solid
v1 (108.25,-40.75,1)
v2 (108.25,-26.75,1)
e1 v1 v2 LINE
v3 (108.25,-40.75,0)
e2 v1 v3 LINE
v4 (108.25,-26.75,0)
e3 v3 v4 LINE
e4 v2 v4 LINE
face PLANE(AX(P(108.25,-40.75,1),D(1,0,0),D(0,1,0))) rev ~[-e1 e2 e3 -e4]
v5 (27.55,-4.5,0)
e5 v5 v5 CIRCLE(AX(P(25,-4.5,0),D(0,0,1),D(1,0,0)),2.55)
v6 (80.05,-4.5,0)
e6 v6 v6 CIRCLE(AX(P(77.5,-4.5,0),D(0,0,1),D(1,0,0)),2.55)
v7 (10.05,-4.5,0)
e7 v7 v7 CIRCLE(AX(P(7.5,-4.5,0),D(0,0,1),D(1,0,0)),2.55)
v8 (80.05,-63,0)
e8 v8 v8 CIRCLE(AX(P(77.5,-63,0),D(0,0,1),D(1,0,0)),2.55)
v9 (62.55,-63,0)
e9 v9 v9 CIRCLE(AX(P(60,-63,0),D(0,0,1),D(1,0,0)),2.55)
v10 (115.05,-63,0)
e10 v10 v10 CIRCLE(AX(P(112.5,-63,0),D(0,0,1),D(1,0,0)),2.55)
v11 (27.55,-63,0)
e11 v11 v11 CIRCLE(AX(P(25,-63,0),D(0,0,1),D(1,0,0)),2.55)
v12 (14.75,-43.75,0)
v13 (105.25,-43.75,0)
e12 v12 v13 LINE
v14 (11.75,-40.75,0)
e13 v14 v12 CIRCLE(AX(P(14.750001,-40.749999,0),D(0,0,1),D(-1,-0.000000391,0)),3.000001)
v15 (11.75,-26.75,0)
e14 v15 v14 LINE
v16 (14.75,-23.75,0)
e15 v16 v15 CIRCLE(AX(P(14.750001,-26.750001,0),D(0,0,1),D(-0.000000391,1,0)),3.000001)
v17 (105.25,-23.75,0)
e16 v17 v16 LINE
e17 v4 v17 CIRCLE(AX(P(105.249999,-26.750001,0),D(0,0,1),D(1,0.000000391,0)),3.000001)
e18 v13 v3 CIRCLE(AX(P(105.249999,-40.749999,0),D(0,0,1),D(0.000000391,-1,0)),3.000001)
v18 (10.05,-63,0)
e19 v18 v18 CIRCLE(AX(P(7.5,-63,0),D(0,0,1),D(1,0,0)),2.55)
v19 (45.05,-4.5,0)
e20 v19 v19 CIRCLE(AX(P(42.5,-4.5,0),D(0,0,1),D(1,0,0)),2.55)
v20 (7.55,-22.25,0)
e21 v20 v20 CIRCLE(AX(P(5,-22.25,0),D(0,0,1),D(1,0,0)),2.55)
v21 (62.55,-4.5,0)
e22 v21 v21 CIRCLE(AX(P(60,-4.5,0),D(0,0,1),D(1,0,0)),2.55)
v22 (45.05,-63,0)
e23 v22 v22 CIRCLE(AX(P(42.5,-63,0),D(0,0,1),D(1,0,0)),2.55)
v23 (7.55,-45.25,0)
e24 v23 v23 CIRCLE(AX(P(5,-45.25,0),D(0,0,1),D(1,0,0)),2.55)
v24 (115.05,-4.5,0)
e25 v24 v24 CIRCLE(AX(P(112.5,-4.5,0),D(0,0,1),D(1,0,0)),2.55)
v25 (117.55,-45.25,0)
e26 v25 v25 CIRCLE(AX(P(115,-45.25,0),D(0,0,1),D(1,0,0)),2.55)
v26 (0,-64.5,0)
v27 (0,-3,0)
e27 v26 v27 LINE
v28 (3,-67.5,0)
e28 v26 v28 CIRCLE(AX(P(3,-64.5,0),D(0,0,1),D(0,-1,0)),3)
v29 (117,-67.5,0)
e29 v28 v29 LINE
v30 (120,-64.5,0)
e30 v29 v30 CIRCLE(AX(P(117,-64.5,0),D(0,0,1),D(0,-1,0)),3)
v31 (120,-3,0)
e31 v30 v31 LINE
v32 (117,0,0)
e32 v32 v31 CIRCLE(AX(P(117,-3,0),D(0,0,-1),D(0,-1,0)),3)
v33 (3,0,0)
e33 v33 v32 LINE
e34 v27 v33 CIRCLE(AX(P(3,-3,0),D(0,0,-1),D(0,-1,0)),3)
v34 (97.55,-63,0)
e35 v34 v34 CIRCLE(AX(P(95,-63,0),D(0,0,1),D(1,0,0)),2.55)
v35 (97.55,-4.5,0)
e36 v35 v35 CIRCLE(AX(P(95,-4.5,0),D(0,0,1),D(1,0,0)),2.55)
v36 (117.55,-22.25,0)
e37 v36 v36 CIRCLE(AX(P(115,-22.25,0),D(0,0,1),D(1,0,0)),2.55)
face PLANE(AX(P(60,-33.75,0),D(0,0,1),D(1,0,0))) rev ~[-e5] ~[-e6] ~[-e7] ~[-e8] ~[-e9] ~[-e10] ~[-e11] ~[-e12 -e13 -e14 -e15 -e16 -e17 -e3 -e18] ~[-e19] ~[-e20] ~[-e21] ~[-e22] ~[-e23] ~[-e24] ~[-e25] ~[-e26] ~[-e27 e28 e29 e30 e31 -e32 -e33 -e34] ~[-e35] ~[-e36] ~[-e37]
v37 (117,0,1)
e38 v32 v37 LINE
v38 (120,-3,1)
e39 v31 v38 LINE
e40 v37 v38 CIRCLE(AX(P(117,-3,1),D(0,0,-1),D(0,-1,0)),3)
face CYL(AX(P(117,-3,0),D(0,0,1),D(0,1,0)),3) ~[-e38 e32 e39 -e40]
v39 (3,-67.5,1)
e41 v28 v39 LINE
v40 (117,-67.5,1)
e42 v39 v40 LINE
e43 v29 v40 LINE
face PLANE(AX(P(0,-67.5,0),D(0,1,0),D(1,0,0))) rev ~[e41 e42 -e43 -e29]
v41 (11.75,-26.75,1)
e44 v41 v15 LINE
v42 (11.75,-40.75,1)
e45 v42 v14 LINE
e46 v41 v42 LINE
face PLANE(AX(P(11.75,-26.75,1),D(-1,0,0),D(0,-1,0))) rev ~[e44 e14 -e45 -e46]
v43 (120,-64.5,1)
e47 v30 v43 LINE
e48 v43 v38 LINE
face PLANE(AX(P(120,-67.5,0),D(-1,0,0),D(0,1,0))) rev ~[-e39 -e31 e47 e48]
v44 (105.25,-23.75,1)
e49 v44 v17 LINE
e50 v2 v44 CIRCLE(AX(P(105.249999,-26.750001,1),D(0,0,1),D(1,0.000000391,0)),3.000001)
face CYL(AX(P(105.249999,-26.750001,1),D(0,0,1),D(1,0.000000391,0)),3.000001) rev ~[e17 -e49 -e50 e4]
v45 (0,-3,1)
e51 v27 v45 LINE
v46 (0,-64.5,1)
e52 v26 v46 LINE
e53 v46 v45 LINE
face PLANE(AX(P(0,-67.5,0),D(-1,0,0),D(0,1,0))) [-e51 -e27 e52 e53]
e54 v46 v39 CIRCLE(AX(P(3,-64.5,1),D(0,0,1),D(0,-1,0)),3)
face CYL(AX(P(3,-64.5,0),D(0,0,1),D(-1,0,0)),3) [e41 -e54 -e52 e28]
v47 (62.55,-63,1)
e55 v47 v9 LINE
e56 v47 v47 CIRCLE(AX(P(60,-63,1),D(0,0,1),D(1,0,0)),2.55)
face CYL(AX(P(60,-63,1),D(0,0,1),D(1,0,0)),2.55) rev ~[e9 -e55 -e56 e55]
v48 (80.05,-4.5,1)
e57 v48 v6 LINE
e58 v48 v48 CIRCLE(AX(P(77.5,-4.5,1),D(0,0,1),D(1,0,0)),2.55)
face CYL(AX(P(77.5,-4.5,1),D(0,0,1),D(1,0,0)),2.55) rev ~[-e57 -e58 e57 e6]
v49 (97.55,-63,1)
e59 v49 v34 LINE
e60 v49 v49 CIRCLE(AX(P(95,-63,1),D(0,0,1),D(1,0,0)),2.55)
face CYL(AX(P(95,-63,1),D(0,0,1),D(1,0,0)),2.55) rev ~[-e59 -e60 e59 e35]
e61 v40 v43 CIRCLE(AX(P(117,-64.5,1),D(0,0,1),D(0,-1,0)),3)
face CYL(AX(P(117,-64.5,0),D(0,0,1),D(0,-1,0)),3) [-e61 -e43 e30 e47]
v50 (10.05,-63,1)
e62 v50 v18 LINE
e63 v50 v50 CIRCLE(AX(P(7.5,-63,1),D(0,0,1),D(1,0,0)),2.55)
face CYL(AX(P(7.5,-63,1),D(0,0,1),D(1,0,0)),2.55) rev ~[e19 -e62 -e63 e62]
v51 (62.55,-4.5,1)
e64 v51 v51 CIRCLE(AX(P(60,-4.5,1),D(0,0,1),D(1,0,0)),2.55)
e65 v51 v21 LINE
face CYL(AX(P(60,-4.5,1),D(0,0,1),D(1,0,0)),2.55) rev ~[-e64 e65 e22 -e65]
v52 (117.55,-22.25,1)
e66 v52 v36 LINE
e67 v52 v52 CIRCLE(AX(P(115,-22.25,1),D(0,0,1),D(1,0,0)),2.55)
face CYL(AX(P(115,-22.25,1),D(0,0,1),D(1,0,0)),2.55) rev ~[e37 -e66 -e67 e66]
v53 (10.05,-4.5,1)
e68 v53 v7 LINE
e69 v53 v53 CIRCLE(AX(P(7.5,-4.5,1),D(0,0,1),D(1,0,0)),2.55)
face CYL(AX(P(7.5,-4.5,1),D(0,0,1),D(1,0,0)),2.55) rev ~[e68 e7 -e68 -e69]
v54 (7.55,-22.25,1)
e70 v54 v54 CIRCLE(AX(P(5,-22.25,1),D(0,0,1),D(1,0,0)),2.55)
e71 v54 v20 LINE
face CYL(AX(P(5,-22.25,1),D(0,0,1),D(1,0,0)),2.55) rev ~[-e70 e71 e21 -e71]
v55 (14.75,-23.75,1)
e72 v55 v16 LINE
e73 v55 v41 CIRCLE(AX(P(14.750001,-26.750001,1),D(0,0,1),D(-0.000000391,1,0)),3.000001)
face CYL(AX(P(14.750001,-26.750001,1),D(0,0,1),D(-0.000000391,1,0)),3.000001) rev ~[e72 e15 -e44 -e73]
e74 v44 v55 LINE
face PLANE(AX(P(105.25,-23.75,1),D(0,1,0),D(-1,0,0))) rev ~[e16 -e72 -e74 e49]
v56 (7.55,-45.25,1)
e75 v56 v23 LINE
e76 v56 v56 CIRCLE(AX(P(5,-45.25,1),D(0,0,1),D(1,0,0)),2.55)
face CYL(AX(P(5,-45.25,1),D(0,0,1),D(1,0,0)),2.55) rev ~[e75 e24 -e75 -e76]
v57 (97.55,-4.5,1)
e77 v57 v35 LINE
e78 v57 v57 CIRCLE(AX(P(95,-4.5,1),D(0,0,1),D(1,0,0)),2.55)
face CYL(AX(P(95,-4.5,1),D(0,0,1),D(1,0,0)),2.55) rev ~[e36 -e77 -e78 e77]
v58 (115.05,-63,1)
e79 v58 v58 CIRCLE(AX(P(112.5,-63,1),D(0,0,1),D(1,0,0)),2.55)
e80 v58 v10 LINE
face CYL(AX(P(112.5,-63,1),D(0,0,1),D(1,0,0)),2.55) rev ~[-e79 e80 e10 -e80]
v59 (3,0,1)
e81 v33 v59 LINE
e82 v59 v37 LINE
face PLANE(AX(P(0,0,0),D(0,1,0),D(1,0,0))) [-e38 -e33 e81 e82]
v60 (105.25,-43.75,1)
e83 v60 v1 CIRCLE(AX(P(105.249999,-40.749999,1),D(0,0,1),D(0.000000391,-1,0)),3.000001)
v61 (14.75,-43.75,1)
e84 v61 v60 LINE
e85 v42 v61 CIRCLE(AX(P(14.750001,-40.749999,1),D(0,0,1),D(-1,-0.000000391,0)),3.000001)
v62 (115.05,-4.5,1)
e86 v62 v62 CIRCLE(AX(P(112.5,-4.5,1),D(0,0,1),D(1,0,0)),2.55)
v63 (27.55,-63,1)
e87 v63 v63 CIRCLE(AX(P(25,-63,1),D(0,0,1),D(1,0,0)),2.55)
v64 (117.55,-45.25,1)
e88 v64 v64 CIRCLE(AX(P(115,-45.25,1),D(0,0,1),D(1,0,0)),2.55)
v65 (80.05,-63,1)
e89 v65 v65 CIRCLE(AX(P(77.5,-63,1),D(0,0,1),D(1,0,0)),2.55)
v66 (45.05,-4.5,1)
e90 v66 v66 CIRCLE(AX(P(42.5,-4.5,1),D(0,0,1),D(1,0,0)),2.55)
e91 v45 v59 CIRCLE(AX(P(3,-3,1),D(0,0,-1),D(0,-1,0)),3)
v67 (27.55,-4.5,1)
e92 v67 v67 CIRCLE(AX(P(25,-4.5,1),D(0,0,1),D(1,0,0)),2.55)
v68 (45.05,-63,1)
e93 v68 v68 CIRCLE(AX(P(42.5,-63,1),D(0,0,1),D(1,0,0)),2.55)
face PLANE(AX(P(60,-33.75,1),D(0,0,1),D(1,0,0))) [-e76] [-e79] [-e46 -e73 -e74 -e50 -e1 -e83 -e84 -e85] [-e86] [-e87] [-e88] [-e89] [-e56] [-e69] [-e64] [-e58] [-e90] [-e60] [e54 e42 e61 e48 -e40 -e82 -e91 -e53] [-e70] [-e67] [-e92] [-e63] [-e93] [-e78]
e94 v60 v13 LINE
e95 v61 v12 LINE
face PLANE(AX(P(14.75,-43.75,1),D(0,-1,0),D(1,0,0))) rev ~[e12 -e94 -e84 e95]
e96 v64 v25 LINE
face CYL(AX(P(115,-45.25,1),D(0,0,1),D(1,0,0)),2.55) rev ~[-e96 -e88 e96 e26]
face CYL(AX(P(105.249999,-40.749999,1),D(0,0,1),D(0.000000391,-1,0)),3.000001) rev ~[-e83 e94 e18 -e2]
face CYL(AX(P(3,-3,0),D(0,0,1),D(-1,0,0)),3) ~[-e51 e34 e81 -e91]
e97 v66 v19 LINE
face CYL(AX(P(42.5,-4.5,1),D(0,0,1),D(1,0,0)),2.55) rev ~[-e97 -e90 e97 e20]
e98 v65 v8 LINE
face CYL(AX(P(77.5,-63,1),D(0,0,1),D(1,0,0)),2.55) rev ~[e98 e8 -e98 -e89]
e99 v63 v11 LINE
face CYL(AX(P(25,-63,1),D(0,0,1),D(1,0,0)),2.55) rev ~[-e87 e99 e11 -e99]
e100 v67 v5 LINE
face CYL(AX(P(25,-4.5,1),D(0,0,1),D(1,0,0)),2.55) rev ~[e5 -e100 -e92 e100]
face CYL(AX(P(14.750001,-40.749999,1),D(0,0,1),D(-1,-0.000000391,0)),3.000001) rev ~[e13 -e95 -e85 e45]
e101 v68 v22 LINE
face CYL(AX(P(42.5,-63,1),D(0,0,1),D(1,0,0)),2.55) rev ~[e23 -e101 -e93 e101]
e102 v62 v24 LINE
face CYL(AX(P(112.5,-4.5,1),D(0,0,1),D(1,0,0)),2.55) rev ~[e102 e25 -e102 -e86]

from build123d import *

# Parameters (mm, degrees)
F0_W     = 120
F0_H     = 67.5
F1_DEPTH = 1
F2_R     = 2.55
F3_DEPTH = 25
F4_R     = 3
F5_R     = 2.55
F6_DEPTH = 25


with BuildPart() as f1:
    # F0 (on Top) → F1 (new body)
    with BuildSketch(Plane.XY):
        with Locations((60, -33.75)):
            Rectangle(F0_W, F0_H)
    extrude(amount=F1_DEPTH)

    # F2 (on face) → F3 (cut)
    with BuildSketch(Plane.XY.offset(1)):
        with BuildLine():
            Line((105.25, -23.75), (14.75, -23.75))
            ThreePointArc((14.75, -23.75), (12.62868, -24.62868), (11.75, -26.75))
            Line((11.75, -26.75), (11.75, -40.75))
            ThreePointArc((11.75, -40.75), (12.62868, -42.87132), (14.75, -43.75))
            Line((14.75, -43.75), (105.25, -43.75))
            ThreePointArc((105.25, -43.75), (107.37132, -42.87132), (108.25, -40.75))
            Line((108.25, -40.75), (108.25, -26.75))
            ThreePointArc((108.25, -26.75), (107.37132, -24.62868), (105.25, -23.75))
        make_face()
        with Locations((7.5, -4.5)):
            Circle(F2_R)
        with Locations((7.5, -63)):
            Circle(F2_R)
        with Locations((25, -4.5)):
            Circle(F2_R)
        with Locations((25, -63)):
            Circle(F2_R)
        with Locations((42.5, -4.5)):
            Circle(F2_R)
        with Locations((42.5, -63)):
            Circle(F2_R)
        with Locations((60, -4.5)):
            Circle(F2_R)
        with Locations((60, -63)):
            Circle(F2_R)
        with Locations((77.5, -4.5)):
            Circle(F2_R)
        with Locations((77.5, -63)):
            Circle(F2_R)
        with Locations((95, -4.5)):
            Circle(F2_R)
        with Locations((95, -63)):
            Circle(F2_R)
        with Locations((112.5, -4.5)):
            Circle(F2_R)
        with Locations((112.5, -63)):
            Circle(F2_R)
    extrude(amount=-F3_DEPTH, mode=Mode.SUBTRACT)

    # F4
    f4_edges = [f1.edges().sort_by_distance(p)[0] for p in [
        (0, 0, 0.5),
        (0, -67.5, 0.5),
        (120, 0, 0.5),
        (120, -67.5, 0.5),
    ]]
    fillet(f4_edges, radius=F4_R)

    # F5 (on face) → F6 (cut)
    with BuildSketch(Plane.XY.offset(1)):
        with Locations((115, -45.25)):
            Circle(F5_R)
        with Locations((115, -22.25)):
            Circle(F5_R)
        with Locations((5, -45.25)):
            Circle(F5_R)
        with Locations((5, -22.25)):
            Circle(F5_R)
    extrude(amount=-F6_DEPTH, mode=Mode.SUBTRACT)


solid = f1.part
